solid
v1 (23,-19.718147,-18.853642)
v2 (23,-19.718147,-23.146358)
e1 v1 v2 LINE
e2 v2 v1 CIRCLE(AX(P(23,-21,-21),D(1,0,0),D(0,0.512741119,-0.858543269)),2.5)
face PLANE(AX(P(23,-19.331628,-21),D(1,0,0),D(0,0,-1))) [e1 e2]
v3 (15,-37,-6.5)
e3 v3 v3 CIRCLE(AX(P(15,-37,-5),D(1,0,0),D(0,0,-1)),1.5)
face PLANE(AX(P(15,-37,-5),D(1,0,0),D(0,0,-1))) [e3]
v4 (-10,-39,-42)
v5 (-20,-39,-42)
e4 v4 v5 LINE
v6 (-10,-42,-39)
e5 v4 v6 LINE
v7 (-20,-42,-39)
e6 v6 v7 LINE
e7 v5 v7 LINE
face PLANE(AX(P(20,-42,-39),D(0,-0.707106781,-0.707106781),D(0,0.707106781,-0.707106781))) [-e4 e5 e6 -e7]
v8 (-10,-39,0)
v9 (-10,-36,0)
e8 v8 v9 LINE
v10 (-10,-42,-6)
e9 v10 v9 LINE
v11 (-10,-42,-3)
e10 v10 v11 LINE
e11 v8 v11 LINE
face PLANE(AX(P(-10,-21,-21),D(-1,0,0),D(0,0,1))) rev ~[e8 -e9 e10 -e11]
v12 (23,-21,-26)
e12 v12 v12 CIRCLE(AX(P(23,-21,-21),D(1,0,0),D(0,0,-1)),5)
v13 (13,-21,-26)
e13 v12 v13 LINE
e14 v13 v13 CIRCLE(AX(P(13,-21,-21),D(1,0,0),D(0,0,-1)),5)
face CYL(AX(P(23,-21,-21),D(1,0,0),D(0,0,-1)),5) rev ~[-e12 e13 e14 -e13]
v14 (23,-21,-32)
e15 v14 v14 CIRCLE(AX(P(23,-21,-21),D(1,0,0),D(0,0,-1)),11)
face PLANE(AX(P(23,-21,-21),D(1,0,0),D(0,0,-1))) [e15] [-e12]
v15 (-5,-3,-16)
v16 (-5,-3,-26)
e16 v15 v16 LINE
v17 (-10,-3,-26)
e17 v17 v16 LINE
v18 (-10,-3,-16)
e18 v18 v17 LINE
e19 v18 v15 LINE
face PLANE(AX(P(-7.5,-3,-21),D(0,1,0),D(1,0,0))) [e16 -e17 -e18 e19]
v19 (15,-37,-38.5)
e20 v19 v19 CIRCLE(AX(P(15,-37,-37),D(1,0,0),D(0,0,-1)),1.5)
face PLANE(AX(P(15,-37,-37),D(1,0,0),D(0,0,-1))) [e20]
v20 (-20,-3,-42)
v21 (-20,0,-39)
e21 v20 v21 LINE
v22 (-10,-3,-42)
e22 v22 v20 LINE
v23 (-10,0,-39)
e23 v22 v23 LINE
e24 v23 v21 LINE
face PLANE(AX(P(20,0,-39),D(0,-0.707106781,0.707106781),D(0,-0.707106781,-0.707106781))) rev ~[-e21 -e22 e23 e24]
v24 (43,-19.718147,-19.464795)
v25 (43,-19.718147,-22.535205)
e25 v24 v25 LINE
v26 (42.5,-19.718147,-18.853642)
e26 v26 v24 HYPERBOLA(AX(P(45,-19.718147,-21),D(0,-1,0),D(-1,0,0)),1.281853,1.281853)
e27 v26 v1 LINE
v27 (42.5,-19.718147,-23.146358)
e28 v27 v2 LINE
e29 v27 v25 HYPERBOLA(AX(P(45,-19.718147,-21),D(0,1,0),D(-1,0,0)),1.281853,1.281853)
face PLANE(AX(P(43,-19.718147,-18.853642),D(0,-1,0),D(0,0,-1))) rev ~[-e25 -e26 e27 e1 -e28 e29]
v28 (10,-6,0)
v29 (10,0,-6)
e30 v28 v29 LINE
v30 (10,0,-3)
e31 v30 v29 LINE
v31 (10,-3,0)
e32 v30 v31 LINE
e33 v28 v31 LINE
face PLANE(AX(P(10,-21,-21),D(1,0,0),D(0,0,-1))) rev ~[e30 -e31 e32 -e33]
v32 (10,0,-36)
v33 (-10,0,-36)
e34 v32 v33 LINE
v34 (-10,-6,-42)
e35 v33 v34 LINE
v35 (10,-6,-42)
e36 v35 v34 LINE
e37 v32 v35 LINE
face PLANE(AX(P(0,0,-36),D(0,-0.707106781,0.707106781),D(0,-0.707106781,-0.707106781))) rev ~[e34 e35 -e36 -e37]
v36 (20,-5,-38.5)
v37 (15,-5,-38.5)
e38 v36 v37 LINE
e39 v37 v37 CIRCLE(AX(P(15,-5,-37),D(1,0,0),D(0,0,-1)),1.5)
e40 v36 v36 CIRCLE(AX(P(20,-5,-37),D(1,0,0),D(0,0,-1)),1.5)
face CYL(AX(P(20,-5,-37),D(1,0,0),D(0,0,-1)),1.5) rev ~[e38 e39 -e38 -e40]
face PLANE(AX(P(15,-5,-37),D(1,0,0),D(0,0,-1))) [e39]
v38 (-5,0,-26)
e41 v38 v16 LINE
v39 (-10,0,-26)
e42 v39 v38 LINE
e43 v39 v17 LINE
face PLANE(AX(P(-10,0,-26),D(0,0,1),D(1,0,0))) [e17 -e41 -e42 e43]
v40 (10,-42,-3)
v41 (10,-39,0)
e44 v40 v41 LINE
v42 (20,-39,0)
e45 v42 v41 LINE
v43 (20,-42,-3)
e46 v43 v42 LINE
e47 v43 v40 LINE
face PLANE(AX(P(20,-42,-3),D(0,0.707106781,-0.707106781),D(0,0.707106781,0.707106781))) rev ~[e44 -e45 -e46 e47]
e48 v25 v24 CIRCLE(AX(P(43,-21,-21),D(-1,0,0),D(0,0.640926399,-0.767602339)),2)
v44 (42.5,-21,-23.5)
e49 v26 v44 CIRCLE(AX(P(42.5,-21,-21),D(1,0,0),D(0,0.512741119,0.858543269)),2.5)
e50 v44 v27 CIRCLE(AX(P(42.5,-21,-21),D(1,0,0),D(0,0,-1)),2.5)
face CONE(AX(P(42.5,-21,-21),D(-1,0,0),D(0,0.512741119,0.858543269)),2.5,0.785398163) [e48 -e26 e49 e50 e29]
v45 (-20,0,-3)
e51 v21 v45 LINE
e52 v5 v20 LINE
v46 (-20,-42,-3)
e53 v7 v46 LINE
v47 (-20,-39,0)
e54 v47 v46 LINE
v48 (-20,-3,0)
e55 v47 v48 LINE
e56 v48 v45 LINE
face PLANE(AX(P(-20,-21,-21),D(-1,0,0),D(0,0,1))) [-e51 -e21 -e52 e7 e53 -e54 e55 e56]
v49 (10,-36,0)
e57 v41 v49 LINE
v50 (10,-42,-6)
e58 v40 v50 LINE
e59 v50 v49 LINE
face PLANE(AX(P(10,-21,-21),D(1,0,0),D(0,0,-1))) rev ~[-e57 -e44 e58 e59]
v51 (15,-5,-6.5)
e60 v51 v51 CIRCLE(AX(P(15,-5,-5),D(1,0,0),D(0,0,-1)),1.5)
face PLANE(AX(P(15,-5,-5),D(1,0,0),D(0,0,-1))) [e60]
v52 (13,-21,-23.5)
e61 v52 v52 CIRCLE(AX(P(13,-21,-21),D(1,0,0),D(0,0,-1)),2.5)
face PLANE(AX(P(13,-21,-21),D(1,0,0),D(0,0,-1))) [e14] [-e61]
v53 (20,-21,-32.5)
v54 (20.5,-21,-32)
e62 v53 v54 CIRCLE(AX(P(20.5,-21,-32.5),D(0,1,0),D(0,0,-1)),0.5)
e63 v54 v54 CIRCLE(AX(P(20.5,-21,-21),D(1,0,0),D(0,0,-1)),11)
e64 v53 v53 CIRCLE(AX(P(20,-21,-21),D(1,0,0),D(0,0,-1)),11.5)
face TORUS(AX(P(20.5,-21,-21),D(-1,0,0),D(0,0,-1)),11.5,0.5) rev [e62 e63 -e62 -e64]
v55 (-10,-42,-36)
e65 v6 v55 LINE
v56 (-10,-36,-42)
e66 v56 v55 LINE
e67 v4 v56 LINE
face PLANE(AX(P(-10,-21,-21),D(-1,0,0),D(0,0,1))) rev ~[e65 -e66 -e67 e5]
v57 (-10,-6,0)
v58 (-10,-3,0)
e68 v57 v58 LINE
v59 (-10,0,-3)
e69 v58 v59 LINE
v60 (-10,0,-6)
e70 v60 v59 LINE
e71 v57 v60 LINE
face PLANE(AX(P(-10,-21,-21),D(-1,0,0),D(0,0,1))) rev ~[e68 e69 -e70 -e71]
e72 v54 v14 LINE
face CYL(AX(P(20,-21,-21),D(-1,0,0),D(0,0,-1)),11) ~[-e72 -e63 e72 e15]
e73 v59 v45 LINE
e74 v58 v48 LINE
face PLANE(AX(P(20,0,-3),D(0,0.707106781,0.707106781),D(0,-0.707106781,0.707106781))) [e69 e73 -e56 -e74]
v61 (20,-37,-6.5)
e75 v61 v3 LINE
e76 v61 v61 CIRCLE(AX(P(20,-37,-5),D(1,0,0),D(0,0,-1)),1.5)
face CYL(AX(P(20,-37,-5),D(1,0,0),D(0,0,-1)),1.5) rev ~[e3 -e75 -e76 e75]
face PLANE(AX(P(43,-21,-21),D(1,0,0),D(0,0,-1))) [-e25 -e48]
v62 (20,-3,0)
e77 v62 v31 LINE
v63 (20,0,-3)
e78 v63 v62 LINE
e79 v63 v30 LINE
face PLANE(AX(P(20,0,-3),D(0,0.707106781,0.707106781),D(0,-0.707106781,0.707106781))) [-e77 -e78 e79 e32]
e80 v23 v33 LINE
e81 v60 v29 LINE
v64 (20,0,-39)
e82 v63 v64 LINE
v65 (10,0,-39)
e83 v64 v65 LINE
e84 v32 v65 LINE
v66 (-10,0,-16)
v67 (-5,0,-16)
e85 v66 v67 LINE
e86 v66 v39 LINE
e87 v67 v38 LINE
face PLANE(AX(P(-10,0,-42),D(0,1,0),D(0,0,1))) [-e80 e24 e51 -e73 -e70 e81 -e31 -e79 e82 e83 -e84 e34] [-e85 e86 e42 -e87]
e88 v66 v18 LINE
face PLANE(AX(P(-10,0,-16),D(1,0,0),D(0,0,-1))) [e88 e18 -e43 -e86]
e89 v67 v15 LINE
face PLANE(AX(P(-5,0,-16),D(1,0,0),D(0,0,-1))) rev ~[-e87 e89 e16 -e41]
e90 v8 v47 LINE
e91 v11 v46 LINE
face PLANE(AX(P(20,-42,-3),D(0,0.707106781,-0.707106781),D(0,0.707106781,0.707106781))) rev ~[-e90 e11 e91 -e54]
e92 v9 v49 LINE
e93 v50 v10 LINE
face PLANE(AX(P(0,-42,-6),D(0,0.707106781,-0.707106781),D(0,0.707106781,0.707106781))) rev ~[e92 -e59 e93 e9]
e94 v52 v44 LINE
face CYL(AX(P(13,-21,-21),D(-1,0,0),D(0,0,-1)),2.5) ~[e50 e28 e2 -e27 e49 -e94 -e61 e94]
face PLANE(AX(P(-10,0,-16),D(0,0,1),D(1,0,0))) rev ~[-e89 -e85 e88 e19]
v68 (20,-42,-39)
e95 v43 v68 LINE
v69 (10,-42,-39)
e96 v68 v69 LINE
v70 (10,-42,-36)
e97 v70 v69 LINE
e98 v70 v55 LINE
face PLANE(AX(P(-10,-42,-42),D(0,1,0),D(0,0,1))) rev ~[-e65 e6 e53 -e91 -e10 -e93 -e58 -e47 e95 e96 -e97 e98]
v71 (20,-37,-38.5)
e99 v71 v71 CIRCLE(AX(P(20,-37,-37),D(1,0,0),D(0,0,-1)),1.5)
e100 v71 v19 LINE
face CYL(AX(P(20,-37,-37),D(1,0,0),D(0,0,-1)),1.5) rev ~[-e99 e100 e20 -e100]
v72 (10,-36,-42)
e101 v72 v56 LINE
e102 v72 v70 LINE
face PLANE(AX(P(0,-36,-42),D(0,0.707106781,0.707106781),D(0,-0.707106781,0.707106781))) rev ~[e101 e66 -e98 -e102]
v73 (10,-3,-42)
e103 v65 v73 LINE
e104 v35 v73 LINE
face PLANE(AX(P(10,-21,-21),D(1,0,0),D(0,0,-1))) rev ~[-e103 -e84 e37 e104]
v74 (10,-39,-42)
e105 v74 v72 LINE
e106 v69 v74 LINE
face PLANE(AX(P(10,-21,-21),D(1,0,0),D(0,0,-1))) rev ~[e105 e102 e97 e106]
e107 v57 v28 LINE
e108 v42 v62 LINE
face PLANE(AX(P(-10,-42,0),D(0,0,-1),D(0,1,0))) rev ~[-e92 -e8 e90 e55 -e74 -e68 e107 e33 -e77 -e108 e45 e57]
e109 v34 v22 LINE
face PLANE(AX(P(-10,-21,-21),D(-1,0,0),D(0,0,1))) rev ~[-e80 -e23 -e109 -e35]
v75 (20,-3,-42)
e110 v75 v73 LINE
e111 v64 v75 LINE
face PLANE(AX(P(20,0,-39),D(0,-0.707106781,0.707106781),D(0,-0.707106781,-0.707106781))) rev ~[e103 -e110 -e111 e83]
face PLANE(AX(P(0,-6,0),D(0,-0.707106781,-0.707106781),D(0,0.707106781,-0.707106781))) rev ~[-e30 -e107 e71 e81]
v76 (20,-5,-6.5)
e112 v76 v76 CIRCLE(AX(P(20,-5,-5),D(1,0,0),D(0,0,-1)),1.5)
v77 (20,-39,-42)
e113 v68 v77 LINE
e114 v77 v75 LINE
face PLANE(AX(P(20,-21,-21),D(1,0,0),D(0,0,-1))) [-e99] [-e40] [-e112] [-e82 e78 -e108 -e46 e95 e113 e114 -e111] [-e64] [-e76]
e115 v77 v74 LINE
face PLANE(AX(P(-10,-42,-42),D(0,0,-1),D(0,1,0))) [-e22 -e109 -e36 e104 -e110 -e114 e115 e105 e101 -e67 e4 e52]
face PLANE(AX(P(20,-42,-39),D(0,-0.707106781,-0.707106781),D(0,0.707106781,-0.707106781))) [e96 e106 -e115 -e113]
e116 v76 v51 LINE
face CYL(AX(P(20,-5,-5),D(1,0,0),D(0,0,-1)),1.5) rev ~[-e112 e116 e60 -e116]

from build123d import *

# Parameters (mm, degrees)
BOSS_EXTRU_1_DEPTH      = 10
ESQUISSE2_W             = 42
ESQUISSE2_H             = 42
BOSS_EXTRU_2_DEPTH      = 10
ESQUISSE3_W             = 42
ESQUISSE3_H             = 42
BOSS_EXTRU_3_DEPTH      = 10
ESQUISSE4_R             = 11
BOSS_EXTRU_4_DEPTH      = 3
CONG_1_R                = 0.5
ESQUISSE5_R             = 5
ENL_V_MAT_EXTRU_1_DEPTH = 10
ESQUISSE6_R             = 2.5
BOSS_EXTRU_5_DEPTH      = 30
ENL_V_MAT_EXTRU_2_DEPTH = 20
CHANFREIN1_SIZE         = 0.5
ESQUISSE8_R             = 1.5
ENL_V_MAT_EXTRU_3_DEPTH = 5
ENL_V_MAT_EXTRU_5_DEPTH = 41
ESQUISSE11_W            = 5
ESQUISSE11_H            = 10
ENL_V_MAT_EXTRU_6_DEPTH = 3


with BuildPart() as part:
    # Esquisse1 → Boss.-Extru.1 (new body, symmetric)
    with BuildSketch(Plane(origin=(0, 0, 0), x_dir=(0, 0, -1), z_dir=(1, 0, 0))):
        Polygon((6, 0), (36, 0), (42, -6), (42, -36), (36, -42), (6, -42), (0, -36), (0, -6), align=None)
    extrude(amount=BOSS_EXTRU_1_DEPTH, both=True)

    # Esquisse2 → Boss.-Extru.2 (add)
    with BuildSketch(Plane(origin=(10, 0, 0), x_dir=(0, 0, -1), z_dir=(1, 0, 0))):
        with Locations((21, -21)):
            Rectangle(ESQUISSE2_W, ESQUISSE2_H)
    extrude(amount=BOSS_EXTRU_2_DEPTH)

    # Esquisse3 → Boss.-Extru.3 (add)
    with BuildSketch(Plane.ZY.offset(10)):
        with Locations((-21, -21)):
            Rectangle(ESQUISSE3_W, ESQUISSE3_H)
    extrude(amount=BOSS_EXTRU_3_DEPTH)

    # Esquisse4 → Boss.-Extru.4 (add)
    with BuildSketch(Plane(origin=(20, 0, 0), x_dir=(0, 0, -1), z_dir=(1, 0, 0))):
        with Locations((21, -21)):
            Circle(ESQUISSE4_R)
    extrude(amount=BOSS_EXTRU_4_DEPTH)

    # Congé1
    cong_1_edges = [part.edges().sort_by_distance(p)[0] for p in [
        (20, -21, -10),
    ]]
    fillet(cong_1_edges, radius=CONG_1_R)

    # Esquisse5 → Enlèv. mat.-Extru.1 (cut)
    with BuildSketch(Plane(origin=(23, 0, 0), x_dir=(0, 0, -1), z_dir=(1, 0, 0))):
        with Locations((21, -21)):
            Circle(ESQUISSE5_R)
    extrude(amount=-ENL_V_MAT_EXTRU_1_DEPTH, mode=Mode.SUBTRACT)

    # Esquisse6 → Boss.-Extru.5 (add)
    with BuildSketch(Plane(origin=(13, 0, 0), x_dir=(0, 0, -1), z_dir=(1, 0, 0))):
        with Locations((21, -21)):
            Circle(ESQUISSE6_R)
    extrude(amount=BOSS_EXTRU_5_DEPTH)

    # Esquisse7 → Enlèv. mat.-Extru.2 (cut)
    with BuildSketch(Plane(origin=(43, 0, 0), x_dir=(0, 0, -1), z_dir=(1, 0, 0))):
        with BuildLine():
            Line((18.853641827, -19.718147202), (23.146358173, -19.718147202))
            ThreePointArc((23.146358173, -19.718147202), (21, -18.5), (18.853641827, -19.718147202))
        make_face()
    extrude(amount=-ENL_V_MAT_EXTRU_2_DEPTH, mode=Mode.SUBTRACT)

    # Chanfrein1
    chanfrein1_edges = [part.edges().sort_by_distance(p)[0] for p in [
        (43, -23.409968406, -20.335129874),
    ]]
    chamfer(chanfrein1_edges, length=CHANFREIN1_SIZE)

    # Esquisse8 → Enlèv. mat.-Extru.3 (cut)
    with BuildSketch(Plane(origin=(20, 0, 0), x_dir=(0, 0, -1), z_dir=(1, 0, 0))):
        with Locations((5, -5)):
            Circle(ESQUISSE8_R)
        with Locations((37, -5)):
            Circle(ESQUISSE8_R)
        with Locations((5, -37)):
            Circle(ESQUISSE8_R)
        with Locations((37, -37)):
            Circle(ESQUISSE8_R)
    extrude(amount=-ENL_V_MAT_EXTRU_3_DEPTH, mode=Mode.SUBTRACT)

    # Esquisse9 → Enlèv. mat.-Extru.5 (cut, through all)
    with BuildSketch(Plane(origin=(20, 0, 0), x_dir=(0, 0, -1), z_dir=(1, 0, 0))):
        Polygon((3, 0), (0, -3), (0, 0), align=None)
        Polygon((39, 0), (42, -3), (42, 0), align=None)
        Polygon((3, -42), (0, -39), (0, -42), align=None)
        Polygon((39, -42), (42, -39), (42, -42), align=None)
    extrude(amount=-ENL_V_MAT_EXTRU_5_DEPTH, mode=Mode.SUBTRACT)

    # Esquisse11 → Enlèv. mat.-Extru.6 (cut)
    with BuildSketch(Plane(origin=(0, 0, 0), x_dir=(1, 0, 0), z_dir=(0, 1, 0))):
        with Locations((-7.5, 21)):
            Rectangle(ESQUISSE11_W, ESQUISSE11_H)
    extrude(amount=-ENL_V_MAT_EXTRU_6_DEPTH, mode=Mode.SUBTRACT)


solid = part.part
